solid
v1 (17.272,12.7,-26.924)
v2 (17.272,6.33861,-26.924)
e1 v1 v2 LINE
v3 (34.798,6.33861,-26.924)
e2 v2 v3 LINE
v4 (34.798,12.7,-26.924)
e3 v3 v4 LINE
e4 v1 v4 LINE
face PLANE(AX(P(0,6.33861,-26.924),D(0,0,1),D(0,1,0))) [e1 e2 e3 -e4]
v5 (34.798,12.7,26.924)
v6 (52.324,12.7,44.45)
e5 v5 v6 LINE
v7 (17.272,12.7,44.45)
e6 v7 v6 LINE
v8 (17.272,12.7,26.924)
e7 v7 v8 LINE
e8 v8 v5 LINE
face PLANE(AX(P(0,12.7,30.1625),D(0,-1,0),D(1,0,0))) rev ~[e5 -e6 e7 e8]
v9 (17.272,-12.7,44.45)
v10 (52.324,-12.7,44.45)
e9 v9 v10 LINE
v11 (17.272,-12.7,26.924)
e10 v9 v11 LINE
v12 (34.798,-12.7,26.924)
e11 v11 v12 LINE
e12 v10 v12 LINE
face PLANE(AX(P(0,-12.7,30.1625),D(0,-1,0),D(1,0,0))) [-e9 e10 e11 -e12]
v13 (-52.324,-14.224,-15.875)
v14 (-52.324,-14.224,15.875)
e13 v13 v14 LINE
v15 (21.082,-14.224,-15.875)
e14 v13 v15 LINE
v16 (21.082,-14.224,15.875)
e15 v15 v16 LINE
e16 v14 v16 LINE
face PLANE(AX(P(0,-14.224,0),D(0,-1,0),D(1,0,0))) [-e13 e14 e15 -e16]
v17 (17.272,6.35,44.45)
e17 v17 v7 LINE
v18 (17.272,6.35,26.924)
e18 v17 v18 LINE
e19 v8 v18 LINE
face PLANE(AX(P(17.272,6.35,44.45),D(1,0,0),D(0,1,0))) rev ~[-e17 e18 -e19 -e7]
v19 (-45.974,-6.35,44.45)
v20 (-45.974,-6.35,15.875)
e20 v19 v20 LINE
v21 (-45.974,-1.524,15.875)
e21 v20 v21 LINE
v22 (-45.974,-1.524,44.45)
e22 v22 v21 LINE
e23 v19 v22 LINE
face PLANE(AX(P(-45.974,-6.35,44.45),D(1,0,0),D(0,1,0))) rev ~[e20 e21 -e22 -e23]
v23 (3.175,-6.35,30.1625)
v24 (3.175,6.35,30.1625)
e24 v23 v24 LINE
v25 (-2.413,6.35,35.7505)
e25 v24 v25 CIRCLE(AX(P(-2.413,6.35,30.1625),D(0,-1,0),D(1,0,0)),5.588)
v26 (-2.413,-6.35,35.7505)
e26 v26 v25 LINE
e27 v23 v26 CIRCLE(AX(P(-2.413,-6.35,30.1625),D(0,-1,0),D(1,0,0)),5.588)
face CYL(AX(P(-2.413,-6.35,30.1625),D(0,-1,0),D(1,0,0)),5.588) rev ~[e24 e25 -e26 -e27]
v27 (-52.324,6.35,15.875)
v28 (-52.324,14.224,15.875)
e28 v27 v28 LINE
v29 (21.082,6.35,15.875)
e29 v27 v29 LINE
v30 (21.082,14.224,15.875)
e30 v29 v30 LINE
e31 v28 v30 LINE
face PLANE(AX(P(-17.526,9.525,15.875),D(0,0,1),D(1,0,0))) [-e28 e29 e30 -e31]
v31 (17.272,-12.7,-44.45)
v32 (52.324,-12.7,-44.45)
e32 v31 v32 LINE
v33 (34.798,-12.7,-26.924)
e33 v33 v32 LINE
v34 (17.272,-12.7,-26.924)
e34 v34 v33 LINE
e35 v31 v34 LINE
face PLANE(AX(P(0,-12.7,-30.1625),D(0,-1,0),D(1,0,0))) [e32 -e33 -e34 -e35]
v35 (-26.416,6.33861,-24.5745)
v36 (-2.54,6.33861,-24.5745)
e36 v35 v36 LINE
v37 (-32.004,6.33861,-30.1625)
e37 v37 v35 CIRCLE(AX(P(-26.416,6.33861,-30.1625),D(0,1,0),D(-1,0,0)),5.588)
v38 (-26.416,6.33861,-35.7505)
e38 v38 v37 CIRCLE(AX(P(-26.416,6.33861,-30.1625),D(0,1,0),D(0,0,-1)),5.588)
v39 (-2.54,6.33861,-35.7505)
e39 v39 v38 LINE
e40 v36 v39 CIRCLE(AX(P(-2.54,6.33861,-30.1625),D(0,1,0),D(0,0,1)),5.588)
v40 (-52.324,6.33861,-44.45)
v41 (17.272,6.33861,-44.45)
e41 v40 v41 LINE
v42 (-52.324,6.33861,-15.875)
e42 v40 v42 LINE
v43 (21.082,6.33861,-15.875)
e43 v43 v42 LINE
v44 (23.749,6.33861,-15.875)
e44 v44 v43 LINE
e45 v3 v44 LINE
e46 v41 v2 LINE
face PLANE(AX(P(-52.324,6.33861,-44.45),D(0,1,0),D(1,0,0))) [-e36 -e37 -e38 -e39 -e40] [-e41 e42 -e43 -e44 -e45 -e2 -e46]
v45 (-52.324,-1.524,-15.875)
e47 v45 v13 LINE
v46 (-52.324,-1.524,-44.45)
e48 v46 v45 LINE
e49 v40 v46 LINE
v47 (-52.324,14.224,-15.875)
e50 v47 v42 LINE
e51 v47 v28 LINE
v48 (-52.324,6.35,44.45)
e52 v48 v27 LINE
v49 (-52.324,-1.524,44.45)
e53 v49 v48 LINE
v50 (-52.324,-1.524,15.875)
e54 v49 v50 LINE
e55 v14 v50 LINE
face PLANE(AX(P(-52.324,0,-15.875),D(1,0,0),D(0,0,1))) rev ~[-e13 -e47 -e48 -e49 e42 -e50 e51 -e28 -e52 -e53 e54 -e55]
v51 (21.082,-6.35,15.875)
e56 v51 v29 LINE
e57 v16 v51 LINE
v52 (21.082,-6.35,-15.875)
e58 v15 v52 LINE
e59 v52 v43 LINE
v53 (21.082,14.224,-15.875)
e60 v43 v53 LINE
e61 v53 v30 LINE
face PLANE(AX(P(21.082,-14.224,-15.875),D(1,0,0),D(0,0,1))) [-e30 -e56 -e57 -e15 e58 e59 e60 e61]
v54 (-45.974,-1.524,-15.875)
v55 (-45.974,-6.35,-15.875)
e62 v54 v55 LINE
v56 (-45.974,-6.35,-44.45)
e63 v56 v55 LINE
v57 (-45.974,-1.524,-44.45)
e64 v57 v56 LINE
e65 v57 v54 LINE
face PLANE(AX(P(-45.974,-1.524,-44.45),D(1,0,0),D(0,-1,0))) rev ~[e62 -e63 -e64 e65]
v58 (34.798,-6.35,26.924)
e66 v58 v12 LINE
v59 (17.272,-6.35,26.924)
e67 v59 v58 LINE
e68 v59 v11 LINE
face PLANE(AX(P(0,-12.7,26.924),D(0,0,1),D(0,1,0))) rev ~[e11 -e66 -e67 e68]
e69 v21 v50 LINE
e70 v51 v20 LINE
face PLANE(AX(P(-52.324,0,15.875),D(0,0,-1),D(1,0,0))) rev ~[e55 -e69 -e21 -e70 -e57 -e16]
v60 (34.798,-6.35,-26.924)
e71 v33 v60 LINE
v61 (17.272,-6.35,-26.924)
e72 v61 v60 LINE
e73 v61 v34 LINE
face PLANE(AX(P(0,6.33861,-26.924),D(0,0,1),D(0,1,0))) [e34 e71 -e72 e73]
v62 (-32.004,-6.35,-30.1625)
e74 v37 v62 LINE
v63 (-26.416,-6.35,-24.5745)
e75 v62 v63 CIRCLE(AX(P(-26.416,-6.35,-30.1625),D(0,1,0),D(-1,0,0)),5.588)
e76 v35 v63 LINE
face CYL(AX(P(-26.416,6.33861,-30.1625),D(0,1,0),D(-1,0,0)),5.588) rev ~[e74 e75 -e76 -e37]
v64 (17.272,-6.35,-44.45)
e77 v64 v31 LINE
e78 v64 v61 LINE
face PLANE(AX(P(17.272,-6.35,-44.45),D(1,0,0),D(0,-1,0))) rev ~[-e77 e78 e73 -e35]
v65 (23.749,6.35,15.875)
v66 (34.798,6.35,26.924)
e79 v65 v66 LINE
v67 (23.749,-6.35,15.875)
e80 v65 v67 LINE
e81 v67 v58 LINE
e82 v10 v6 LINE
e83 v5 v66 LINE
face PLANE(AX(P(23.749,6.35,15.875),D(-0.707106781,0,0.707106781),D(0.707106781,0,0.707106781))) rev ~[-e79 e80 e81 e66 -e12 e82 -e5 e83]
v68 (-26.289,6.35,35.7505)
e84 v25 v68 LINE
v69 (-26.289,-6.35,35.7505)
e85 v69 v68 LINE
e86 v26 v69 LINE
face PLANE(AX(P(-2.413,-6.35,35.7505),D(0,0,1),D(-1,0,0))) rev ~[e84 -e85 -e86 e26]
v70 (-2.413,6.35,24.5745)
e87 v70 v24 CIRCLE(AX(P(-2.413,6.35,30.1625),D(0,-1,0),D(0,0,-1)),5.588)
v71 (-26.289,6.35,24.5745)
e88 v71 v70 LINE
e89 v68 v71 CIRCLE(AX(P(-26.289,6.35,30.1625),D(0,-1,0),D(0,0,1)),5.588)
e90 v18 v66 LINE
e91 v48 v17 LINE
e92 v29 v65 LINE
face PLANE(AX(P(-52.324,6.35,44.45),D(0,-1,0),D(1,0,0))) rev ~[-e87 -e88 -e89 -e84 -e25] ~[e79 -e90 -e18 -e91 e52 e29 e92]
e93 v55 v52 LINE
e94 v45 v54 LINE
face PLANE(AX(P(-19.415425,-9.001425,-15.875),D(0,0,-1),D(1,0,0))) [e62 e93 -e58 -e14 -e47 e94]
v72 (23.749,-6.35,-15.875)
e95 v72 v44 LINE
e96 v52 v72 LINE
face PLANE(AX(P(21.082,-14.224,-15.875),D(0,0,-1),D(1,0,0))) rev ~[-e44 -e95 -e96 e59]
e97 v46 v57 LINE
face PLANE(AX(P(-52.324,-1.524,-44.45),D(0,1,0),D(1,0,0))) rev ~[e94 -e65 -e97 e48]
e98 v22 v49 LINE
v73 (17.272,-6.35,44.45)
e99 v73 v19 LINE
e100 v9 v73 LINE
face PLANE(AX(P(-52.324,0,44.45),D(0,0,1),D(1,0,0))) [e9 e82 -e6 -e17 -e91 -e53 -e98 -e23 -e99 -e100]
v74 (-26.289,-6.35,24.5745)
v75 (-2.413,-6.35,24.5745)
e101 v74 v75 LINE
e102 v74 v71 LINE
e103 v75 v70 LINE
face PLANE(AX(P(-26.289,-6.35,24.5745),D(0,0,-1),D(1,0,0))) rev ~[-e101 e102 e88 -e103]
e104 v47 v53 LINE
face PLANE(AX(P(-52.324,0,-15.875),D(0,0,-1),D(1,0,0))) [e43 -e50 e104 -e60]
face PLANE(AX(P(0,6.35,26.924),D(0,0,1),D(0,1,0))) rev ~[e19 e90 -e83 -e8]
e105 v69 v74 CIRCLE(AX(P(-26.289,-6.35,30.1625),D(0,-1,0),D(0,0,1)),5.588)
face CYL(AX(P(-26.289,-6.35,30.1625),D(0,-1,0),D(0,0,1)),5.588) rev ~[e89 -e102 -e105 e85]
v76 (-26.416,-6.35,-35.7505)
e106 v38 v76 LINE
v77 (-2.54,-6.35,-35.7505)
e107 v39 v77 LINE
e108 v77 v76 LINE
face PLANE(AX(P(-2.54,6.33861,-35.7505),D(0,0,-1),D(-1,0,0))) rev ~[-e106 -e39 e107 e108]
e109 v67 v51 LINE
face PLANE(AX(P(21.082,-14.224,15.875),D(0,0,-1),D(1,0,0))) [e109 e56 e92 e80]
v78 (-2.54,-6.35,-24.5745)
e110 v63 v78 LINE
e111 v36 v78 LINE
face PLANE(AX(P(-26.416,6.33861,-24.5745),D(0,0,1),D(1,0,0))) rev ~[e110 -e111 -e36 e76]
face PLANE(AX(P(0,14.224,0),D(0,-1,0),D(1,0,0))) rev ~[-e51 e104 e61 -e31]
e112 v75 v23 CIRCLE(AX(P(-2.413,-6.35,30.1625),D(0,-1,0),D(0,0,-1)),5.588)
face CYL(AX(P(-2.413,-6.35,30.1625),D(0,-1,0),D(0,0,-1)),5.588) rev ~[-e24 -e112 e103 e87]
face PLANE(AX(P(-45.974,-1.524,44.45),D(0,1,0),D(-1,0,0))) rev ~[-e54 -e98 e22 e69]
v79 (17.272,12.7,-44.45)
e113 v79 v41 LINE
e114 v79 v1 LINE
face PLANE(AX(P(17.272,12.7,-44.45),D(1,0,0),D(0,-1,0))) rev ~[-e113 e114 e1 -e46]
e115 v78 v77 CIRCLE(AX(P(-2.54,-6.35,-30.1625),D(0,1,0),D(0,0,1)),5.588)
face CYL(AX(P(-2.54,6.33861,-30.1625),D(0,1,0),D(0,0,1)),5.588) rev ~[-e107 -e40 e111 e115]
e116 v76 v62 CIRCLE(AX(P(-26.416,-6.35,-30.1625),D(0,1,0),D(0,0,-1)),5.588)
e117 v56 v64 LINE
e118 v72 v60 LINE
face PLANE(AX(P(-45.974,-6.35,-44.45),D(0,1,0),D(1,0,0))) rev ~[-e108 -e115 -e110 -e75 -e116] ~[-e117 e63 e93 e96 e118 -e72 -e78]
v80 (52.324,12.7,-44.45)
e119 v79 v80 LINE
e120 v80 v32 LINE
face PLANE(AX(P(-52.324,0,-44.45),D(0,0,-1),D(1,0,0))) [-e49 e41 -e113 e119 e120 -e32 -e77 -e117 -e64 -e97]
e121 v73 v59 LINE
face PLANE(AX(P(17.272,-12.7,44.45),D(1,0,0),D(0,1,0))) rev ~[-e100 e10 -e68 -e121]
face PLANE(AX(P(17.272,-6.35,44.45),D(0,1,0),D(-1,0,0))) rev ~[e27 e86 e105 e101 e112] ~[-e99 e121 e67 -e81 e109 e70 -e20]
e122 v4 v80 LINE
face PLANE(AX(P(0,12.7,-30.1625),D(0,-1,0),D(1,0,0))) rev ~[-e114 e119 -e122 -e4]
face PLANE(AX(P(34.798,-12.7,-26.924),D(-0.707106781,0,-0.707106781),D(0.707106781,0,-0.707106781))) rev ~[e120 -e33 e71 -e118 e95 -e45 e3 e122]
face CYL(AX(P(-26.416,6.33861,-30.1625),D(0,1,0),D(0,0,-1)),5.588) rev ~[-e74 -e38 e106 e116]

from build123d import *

# Parameters (mm, degrees)
F0_W      = 104.648
F0_H      = 31.75
F1_DEPTH  = 14.224
F0_H_2    = 28.575
F2_DEPTH  = 12.7
F4_W      = 69.596
F4_H      = 6.3613896862
F5_DEPTH  = 28.575
F3_W      = 69.596
F3_H      = 6.35
F6_DEPTH  = 28.575
F7_W      = 6.35
F7_H      = 11.049
F7_W_2    = 6.3613896862
F8_DEPTH  = 52.325
F9_W      = 31.242
F9_H      = 31.75
F10_DEPTH = 28.449
F12_DEPTH = 20.575
F14_DEPTH = 26.925
F16_DEPTH = 26.925
F18_DEPTH = 20.575
F21_DEPTH = 20.575
F22_DEPTH = 20.5636103138


with BuildPart() as f1:
    # F0 (on Front) → F1 (new body, symmetric)
    with BuildSketch(Plane.XZ):
        Rectangle(F0_W, F0_H)
    extrude(amount=F1_DEPTH, both=True)

    # F0 (on Front) → F2 (join, symmetric)
    with BuildSketch(Plane.XZ):
        with Locations((0, 30.1625)):
            Rectangle(F0_W, F0_H_2)
        with Locations((0, -30.1625)):
            Rectangle(F0_W, F0_H_2)
    extrude(amount=F2_DEPTH, both=True)

    # F4 (on face) → F5 (cut)
    with BuildSketch(Plane(origin=(0, 0, -44.45), x_dir=(1, 0, 0), z_dir=(0, 0, -1))):
        Polygon((17.272, 6.35), (17.272, 12.7), (-52.324, 12.7), (-52.324, 1.524), (-45.974, 1.524), (-45.974, 6.35), align=None)
        with Locations((-17.526, -9.5193051569)):
            Rectangle(F4_W, F4_H)
    extrude(amount=-F5_DEPTH, mode=Mode.SUBTRACT)

    # F3 (on face) → F6 (cut)
    with BuildSketch(Plane.XY.offset(44.45)):
        with Locations((-17.526, 9.525)):
            Rectangle(F3_W, F3_H)
        Polygon((-45.974, -1.524), (-52.324, -1.524), (-52.324, -12.7), (17.272, -12.7), (17.272, -6.35), (-45.974, -6.35), align=None)
    extrude(amount=-F6_DEPTH, mode=Mode.SUBTRACT)

    # F7 (on Right) → F8 (cut, through all)
    with BuildSketch(Plane.YZ):
        with Locations((-9.525, 21.3995)):
            Rectangle(F7_W, F7_H)
        with Locations((9.525, 21.3995)):
            Rectangle(F7_W, F7_H)
        with Locations((9.5193051569, -21.3995)):
            Rectangle(F7_W_2, F7_H)
        with Locations((-9.525, -21.3995)):
            Rectangle(F7_W, F7_H)
    extrude(amount=F8_DEPTH, mode=Mode.SUBTRACT)

    # F9 (on face) → F10 (cut, through all)
    with BuildSketch(Plane.XZ.offset(14.224)):
        with Locations((36.703, 0)):
            Rectangle(F9_W, F9_H)
    extrude(amount=-F10_DEPTH, mode=Mode.SUBTRACT)

    # F11 (on face) → F12 (cut, through all)
    with BuildSketch(Plane.XZ.offset(6.35)):
        Polygon((23.749, -15.875), (34.798, -26.924), (52.324, -26.924), (52.324, -15.875), align=None)
    extrude(amount=-F12_DEPTH, mode=Mode.SUBTRACT)

    # F13 (on face) → F14 (cut, through all)
    with BuildSketch(Plane.XZ.offset(12.7)):
        Polygon((34.798, -26.924), (52.324, -44.45), (52.324, -26.924), align=None)
    extrude(amount=-F14_DEPTH, mode=Mode.SUBTRACT)

    # F15 (on face) → F16 (cut, through all)
    with BuildSketch(Plane(origin=(0, 12.7, 0), x_dir=(-1, 0, 0), z_dir=(0, 1, 0))):
        Polygon((-34.798, 26.924), (-52.324, 44.45), (-52.324, 26.924), align=None)
    extrude(amount=-F16_DEPTH, mode=Mode.SUBTRACT)

    # F17 (on face) → F18 (cut, through all)
    with BuildSketch(Plane(origin=(0, 6.35, 0), x_dir=(-1, 0, 0), z_dir=(0, 1, 0))):
        Polygon((-23.749, 15.875), (-34.798, 26.924), (-52.324, 26.924), (-52.324, 15.875), align=None)
    extrude(amount=-F18_DEPTH, mode=Mode.SUBTRACT)

    # F20 (on face) → F21 (cut, through all)
    with BuildSketch(Plane.XZ.offset(6.35)):
        with BuildLine():
            ThreePointArc((-26.289, 24.5745), (-22.3376873067, 26.2111873067), (-20.701, 30.1625))
            ThreePointArc((-20.701, 30.1625), (-22.3376873067, 34.1138126933), (-26.289, 35.7505))
            ThreePointArc((-26.289, 35.7505), (-31.877, 30.1625), (-26.289, 24.5745))
        make_face()
        with BuildLine():
            ThreePointArc((-26.289, 35.7505), (-22.3376873067, 34.1138126933), (-20.701, 30.1625))
            ThreePointArc((-20.701, 30.1625), (-22.3376873067, 26.2111873067), (-26.289, 24.5745))
            Line((-26.289, 24.5745), (-2.413, 24.5745))
            ThreePointArc((-2.413, 24.5745), (-8.001, 30.1625), (-2.413, 35.7505))
            Line((-2.413, 35.7505), (-26.289, 35.7505))
        make_face()
        with BuildLine():
            ThreePointArc((3.175, 30.1625), (1.5383126933, 34.1138126933), (-2.413, 35.7505))
            ThreePointArc((-2.413, 35.7505), (-8.001, 30.1625), (-2.413, 24.5745))
            ThreePointArc((-2.413, 24.5745), (1.5383126933, 26.2111873067), (3.175, 30.1625))
        make_face()
    extrude(amount=-F21_DEPTH, mode=Mode.SUBTRACT)

    # F19 (on face) → F22 (cut, through all)
    with BuildSketch(Plane(origin=(0, 6.3386103138, 0), x_dir=(-1, 0, 0), z_dir=(0, 1, 0))):
        with BuildLine():
            ThreePointArc((26.416, -35.7505), (30.3673126933, -34.1138126933), (32.004, -30.1625))
            ThreePointArc((32.004, -30.1625), (30.3673126933, -26.2111873067), (26.416, -24.5745))
            ThreePointArc((26.416, -24.5745), (20.828, -30.1625), (26.416, -35.7505))
        make_face()
        with BuildLine():
            ThreePointArc((26.416, -35.7505), (20.828, -30.1625), (26.416, -24.5745))
            Line((26.416, -24.5745), (2.54, -24.5745))
            ThreePointArc((2.54, -24.5745), (6.4913126933, -26.2111873067), (8.128, -30.1625))
            ThreePointArc((8.128, -30.1625), (6.4913126933, -34.1138126933), (2.54, -35.7505))
            Line((2.54, -35.7505), (26.416, -35.7505))
        make_face()
        with BuildLine():
            ThreePointArc((8.128, -30.1625), (6.4913126933, -26.2111873067), (2.54, -24.5745))
            ThreePointArc((2.54, -24.5745), (-3.048, -30.1625), (2.54, -35.7505))
            ThreePointArc((2.54, -35.7505), (6.4913126933, -34.1138126933), (8.128, -30.1625))
        make_face()
    extrude(amount=-F22_DEPTH, mode=Mode.SUBTRACT)


solid = f1.part
